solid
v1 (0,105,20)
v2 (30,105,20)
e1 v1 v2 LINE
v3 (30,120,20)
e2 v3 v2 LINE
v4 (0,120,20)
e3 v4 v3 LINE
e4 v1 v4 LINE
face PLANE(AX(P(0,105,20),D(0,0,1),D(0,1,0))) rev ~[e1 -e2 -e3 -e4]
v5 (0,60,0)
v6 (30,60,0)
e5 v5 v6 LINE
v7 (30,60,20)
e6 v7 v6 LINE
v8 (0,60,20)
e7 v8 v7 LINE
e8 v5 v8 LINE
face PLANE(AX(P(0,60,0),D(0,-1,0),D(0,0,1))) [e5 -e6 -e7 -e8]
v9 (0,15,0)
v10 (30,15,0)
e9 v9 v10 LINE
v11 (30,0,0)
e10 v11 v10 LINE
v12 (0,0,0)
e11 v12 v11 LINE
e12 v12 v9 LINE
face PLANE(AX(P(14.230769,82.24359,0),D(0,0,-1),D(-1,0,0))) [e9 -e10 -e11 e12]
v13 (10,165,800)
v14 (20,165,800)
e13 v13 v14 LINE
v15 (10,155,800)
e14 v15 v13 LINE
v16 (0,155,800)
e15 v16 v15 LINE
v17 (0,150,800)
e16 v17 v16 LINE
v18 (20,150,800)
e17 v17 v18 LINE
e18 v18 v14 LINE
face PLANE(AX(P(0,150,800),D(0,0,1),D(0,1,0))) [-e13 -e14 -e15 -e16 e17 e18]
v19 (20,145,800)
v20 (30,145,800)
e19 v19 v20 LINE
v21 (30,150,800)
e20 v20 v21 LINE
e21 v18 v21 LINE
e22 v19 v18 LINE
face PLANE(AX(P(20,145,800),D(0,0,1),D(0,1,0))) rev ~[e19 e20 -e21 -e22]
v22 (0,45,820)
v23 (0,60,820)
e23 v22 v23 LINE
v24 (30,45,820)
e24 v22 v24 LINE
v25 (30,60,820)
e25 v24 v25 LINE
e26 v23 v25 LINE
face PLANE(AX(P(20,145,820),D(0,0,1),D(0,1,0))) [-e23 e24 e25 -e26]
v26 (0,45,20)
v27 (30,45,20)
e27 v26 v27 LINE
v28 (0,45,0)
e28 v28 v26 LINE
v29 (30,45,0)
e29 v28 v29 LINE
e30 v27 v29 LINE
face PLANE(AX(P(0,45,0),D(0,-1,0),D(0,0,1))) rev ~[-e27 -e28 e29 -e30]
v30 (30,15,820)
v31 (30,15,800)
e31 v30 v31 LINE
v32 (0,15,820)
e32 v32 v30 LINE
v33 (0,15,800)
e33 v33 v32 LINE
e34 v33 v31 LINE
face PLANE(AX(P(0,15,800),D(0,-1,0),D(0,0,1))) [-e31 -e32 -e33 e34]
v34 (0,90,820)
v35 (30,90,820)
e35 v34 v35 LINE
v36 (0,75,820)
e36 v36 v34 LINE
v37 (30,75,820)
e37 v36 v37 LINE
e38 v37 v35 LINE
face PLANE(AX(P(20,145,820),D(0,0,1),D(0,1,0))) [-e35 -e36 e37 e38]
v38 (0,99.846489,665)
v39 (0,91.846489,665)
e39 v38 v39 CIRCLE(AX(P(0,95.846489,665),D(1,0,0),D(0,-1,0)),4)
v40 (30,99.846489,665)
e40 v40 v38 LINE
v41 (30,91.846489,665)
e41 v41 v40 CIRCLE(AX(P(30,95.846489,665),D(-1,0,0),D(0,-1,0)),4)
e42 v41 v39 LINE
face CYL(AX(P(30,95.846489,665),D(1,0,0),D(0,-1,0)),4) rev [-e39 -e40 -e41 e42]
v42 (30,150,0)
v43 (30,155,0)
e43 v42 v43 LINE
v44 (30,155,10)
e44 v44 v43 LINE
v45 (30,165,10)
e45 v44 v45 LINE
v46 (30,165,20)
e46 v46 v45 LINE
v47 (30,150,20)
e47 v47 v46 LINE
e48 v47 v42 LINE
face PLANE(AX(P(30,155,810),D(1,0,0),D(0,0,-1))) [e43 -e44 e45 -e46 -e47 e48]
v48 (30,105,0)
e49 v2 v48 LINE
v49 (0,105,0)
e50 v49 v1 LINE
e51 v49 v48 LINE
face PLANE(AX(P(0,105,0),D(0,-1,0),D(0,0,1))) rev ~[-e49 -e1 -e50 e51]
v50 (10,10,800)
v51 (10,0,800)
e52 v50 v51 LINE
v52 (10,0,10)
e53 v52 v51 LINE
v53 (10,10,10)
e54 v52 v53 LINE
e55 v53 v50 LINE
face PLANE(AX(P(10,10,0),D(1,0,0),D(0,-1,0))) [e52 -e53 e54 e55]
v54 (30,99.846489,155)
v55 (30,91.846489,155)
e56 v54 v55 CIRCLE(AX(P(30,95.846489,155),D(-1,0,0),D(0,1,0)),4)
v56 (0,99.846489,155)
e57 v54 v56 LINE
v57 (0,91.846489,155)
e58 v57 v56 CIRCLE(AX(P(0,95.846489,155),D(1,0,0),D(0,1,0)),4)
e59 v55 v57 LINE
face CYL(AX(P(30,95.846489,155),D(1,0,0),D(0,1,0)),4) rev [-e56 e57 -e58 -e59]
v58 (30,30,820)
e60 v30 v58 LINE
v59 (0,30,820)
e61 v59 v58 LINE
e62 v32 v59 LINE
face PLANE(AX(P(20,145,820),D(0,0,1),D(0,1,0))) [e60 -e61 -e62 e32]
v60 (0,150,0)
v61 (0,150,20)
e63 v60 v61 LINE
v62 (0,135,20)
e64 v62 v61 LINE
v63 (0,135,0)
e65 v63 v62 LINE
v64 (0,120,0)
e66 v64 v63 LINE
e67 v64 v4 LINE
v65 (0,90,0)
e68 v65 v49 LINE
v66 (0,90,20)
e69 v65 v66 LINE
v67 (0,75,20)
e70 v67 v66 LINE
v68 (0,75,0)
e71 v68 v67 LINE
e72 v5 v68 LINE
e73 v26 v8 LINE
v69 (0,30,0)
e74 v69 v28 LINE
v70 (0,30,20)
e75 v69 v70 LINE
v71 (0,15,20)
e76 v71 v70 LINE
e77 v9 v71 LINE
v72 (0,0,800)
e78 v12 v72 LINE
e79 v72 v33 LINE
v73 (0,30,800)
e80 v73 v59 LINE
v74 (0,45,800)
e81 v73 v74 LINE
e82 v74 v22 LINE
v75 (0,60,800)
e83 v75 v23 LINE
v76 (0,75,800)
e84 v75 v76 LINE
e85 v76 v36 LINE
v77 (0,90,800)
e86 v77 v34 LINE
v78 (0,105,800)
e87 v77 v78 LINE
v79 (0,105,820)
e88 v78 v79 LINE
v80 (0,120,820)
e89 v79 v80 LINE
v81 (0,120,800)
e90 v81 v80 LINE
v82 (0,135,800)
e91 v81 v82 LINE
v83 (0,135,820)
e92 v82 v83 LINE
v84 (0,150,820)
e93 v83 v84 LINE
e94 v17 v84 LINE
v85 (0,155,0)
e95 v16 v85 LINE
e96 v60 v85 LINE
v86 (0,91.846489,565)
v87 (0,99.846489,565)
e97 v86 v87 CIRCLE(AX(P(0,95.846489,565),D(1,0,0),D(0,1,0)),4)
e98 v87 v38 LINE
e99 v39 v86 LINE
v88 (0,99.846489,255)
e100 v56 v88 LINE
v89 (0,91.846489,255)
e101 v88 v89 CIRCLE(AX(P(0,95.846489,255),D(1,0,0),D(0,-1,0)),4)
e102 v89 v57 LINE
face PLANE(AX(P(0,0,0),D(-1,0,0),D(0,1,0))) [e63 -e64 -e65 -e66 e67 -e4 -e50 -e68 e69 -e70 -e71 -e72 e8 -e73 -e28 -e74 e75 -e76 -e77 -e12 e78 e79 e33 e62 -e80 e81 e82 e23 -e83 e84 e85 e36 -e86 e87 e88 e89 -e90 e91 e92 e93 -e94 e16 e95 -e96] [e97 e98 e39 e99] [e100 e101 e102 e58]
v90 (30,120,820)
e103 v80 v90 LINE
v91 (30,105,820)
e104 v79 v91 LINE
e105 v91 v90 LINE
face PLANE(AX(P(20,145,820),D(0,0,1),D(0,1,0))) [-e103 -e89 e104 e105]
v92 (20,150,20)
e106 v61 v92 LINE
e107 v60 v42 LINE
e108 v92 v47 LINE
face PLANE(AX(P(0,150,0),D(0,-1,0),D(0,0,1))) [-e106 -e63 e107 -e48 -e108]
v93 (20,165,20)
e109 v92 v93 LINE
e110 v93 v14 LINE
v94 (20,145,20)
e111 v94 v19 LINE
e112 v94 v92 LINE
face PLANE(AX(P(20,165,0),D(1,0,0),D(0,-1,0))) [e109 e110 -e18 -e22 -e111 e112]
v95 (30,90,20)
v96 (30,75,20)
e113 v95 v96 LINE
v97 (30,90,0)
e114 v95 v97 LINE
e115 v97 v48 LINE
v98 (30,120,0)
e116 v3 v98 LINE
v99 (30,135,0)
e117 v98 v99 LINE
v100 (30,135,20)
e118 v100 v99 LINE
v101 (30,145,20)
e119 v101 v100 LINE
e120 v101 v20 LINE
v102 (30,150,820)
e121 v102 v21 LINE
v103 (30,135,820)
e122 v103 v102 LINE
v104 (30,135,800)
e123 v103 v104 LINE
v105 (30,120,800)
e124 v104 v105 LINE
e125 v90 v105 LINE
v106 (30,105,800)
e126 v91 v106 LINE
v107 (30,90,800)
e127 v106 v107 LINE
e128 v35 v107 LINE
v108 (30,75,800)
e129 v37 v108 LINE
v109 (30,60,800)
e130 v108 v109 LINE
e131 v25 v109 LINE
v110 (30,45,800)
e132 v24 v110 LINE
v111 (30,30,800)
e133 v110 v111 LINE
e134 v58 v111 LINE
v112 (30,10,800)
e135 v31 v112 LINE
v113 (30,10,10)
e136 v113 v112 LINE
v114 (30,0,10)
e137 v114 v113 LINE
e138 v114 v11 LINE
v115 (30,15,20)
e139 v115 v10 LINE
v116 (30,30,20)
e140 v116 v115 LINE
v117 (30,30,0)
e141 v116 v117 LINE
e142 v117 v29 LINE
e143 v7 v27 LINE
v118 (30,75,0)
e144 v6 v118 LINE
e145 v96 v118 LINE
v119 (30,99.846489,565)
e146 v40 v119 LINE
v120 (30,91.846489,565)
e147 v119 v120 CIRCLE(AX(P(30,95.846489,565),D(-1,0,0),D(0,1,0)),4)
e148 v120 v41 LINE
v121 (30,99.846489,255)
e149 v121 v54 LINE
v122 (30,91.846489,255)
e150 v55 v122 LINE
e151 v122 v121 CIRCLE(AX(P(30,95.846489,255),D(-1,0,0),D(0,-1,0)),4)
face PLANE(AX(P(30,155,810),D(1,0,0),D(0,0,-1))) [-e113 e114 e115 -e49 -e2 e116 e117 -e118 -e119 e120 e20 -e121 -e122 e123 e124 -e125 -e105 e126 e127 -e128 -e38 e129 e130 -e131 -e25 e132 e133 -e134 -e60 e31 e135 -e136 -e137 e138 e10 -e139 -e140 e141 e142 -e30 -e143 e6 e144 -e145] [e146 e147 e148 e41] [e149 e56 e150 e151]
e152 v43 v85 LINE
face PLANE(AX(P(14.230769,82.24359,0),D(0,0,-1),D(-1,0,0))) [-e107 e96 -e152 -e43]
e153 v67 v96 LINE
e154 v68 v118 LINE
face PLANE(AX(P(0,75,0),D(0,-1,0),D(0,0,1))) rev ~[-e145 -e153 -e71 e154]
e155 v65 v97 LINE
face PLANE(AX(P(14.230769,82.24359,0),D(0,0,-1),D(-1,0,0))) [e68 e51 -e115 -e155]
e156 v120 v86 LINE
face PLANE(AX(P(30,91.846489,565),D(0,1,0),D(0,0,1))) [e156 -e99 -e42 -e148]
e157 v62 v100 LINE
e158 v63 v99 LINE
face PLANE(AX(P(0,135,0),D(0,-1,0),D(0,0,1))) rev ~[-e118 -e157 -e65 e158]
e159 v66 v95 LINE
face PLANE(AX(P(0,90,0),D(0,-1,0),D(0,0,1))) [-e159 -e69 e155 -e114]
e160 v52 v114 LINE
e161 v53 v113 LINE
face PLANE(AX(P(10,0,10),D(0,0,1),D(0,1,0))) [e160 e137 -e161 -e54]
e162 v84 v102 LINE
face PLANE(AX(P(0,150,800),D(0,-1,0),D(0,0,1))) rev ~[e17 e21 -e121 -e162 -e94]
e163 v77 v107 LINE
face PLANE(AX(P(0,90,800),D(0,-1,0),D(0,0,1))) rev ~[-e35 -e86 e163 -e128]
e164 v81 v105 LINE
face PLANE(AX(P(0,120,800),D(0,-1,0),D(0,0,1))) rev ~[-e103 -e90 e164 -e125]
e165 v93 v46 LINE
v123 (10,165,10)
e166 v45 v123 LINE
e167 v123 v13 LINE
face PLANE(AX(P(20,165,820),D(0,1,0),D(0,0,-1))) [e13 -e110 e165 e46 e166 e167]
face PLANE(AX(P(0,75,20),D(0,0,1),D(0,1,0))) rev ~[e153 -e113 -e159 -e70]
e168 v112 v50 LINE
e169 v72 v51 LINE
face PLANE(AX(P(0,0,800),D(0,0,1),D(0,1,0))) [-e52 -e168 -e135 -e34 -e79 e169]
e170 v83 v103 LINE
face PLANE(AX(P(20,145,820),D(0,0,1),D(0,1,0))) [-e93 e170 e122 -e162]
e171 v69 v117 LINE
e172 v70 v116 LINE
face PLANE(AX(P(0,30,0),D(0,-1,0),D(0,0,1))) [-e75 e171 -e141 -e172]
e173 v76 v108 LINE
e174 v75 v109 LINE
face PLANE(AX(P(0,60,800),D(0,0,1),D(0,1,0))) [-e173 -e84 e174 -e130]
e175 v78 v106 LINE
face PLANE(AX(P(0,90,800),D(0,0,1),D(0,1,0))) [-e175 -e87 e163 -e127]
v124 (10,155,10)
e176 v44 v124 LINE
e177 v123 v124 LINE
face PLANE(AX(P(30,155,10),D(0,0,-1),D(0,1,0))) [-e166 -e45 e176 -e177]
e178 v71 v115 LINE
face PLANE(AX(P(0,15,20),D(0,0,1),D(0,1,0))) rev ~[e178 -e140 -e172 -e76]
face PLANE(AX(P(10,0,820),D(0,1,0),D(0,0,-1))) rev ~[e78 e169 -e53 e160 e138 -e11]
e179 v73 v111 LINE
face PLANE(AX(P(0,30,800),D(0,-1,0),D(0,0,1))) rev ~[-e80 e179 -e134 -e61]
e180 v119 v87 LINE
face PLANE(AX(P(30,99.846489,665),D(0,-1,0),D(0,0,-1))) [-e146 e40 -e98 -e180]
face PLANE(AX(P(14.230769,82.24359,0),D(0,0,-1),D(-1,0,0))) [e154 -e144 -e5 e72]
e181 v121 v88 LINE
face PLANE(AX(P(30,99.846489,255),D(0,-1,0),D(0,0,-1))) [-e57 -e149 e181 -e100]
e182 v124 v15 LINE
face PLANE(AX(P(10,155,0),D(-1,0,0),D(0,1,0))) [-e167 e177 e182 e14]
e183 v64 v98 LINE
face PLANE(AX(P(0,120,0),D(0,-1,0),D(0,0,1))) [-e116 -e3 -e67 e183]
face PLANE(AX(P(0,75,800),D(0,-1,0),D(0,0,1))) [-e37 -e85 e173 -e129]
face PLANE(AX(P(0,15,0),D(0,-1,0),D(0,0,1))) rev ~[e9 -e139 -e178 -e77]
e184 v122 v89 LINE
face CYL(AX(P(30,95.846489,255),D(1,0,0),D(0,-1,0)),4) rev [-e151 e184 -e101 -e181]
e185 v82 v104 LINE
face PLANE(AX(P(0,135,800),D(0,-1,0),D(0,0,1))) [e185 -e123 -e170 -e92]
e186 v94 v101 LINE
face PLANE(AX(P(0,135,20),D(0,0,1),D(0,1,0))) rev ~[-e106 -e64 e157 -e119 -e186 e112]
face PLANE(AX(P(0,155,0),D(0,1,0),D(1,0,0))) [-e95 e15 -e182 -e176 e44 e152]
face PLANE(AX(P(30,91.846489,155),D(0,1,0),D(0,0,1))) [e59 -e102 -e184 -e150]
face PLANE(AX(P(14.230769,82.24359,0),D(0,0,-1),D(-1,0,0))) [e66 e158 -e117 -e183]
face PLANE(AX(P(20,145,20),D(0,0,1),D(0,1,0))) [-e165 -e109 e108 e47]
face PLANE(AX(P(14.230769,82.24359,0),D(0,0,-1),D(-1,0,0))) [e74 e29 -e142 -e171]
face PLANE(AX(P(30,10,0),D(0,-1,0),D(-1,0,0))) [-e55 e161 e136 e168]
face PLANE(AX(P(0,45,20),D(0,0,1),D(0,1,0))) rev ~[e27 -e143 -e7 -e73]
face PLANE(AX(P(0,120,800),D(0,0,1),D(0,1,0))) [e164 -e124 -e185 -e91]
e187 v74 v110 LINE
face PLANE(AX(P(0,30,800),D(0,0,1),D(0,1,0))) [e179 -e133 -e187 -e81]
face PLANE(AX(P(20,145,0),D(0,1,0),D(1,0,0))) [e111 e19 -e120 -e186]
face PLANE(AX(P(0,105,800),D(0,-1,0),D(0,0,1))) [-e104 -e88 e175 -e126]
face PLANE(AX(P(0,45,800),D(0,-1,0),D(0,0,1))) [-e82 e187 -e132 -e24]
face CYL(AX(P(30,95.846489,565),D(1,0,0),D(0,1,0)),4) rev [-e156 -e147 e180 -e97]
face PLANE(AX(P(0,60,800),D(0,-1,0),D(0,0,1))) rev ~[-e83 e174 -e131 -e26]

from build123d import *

# Parameters (mm, degrees)
EXTRUDE_1_DEPTH        = 820
SKETCH_2_W             = 10
SKETCH_2_H             = 10
EXTRUDE_2_DEPTH        = 20
SKETCH_4_W             = 20
SKETCH_4_H             = 20
EXTRUDE_3_DEPTH        = 10
SKETCH_5_W             = 10
SKETCH_5_H             = 10
CUT_EXTRUDE_2_DEPTH    = 837.973715238
CUT_EXTRUDE_3_DEPTH    = 837.973715238
SKETCH_7_W             = 20
SKETCH_7_H             = 15
CUT_EXTRUDE_4_DEPTH    = 837.973715238
PATTERN_LINEAR_1_COUNT = 6
PATTERN_LINEAR_1_PITCH = 30
SKETCH_8_W             = 20
SKETCH_8_H             = 15
CUT_EXTRUDE_5_DEPTH    = 837.973715238
PATTERN_LINEAR_2_COUNT = 5
PATTERN_LINEAR_2_PITCH = 30


with BuildPart() as part:
    # Эскиз1 → Бобышка-Вытянуть1 (new body)
    with BuildSketch(Plane.XY):
        Polygon((0, 0), (0, 155), (10, 155), (10, 165), (20, 165), (20, 145), (30, 145), (30, 10), (10, 10), (10, 0), align=None)
    extrude(amount=EXTRUDE_1_DEPTH)

    # Эскиз2 → Бобышка-Вытянуть2 (add)
    with BuildSketch(Plane(origin=(10, 0, 0), x_dir=(0, 0, -1), z_dir=(1, 0, 0))):
        with Locations((-815, 5)):
            Rectangle(SKETCH_2_W, SKETCH_2_H)
        with Locations((-5, 5)):
            Rectangle(SKETCH_2_W, SKETCH_2_H)
    extrude(amount=EXTRUDE_2_DEPTH)

    # Эскиз4 → Бобышка-Вытянуть3 (add)
    with BuildSketch(Plane(origin=(20, 0, 0), x_dir=(0, 0, -1), z_dir=(1, 0, 0))):
        with Locations((-810, 155)):
            Rectangle(SKETCH_4_W, SKETCH_4_H)
        with Locations((-10, 155)):
            Rectangle(SKETCH_4_W, SKETCH_4_H)
    extrude(amount=EXTRUDE_3_DEPTH)

    # Эскиз5 → Вырез-Вытянуть2 (cut, through all)
    with BuildSketch(Plane(origin=(30, 0, 0), x_dir=(0, 0, -1), z_dir=(1, 0, 0))):
        with Locations((-815, 160)):
            Rectangle(SKETCH_5_W, SKETCH_5_H)
        with Locations((-5, 160)):
            Rectangle(SKETCH_5_W, SKETCH_5_H)
    extrude(amount=-CUT_EXTRUDE_2_DEPTH, mode=Mode.SUBTRACT)

    # Эскиз6 → Вырез-Вытянуть3 (cut, through all)
    with BuildSketch(Plane(origin=(30, 0, 0), x_dir=(0, 0, -1), z_dir=(1, 0, 0))):
        with BuildLine():
            Line((-155, 91.846489001), (-255, 91.846489001))
            ThreePointArc((-255, 91.846489001), (-259, 95.846489001), (-255, 99.846489001))
            Line((-255, 99.846489001), (-155, 99.846489001))
            ThreePointArc((-155, 99.846489001), (-151, 95.846489001), (-155, 91.846489001))
        make_face()
        with BuildLine():
            Line((-665, 99.846489001), (-565, 99.846489001))
            ThreePointArc((-565, 99.846489001), (-561, 95.846489001), (-565, 91.846489001))
            Line((-565, 91.846489001), (-665, 91.846489001))
            ThreePointArc((-665, 91.846489001), (-669, 95.846489001), (-665, 99.846489001))
        make_face()
    extrude(amount=-CUT_EXTRUDE_3_DEPTH, mode=Mode.SUBTRACT)

    # Эскиз7 → Вырез-Вытянуть4 (cut, through all)
    with BuildSketch(Plane.ZY):
        with Locations((810, 7.5)):
            Rectangle(SKETCH_7_W, SKETCH_7_H)
    cut_extrude_4 = extrude(amount=-CUT_EXTRUDE_4_DEPTH, mode=Mode.SUBTRACT)

    # Линейный массив1: Вырез-Вытянуть4 ×6
    with Locations(*[(0, i * PATTERN_LINEAR_1_PITCH, 0) for i in range(1, PATTERN_LINEAR_1_COUNT)]):
        add(cut_extrude_4, mode=Mode.SUBTRACT)

    # Эскиз8 → Вырез-Вытянуть5 (cut, through all)
    with BuildSketch(Plane.ZY):
        with Locations((10, 22.5)):
            Rectangle(SKETCH_8_W, SKETCH_8_H)
    cut_extrude_5 = extrude(amount=-CUT_EXTRUDE_5_DEPTH, mode=Mode.SUBTRACT)

    # Линейный массив2: Вырез-Вытянуть5 ×5
    with Locations(*[(0, i * PATTERN_LINEAR_2_PITCH, 0) for i in range(1, PATTERN_LINEAR_2_COUNT)]):
        add(cut_extrude_5, mode=Mode.SUBTRACT)


solid = part.part
